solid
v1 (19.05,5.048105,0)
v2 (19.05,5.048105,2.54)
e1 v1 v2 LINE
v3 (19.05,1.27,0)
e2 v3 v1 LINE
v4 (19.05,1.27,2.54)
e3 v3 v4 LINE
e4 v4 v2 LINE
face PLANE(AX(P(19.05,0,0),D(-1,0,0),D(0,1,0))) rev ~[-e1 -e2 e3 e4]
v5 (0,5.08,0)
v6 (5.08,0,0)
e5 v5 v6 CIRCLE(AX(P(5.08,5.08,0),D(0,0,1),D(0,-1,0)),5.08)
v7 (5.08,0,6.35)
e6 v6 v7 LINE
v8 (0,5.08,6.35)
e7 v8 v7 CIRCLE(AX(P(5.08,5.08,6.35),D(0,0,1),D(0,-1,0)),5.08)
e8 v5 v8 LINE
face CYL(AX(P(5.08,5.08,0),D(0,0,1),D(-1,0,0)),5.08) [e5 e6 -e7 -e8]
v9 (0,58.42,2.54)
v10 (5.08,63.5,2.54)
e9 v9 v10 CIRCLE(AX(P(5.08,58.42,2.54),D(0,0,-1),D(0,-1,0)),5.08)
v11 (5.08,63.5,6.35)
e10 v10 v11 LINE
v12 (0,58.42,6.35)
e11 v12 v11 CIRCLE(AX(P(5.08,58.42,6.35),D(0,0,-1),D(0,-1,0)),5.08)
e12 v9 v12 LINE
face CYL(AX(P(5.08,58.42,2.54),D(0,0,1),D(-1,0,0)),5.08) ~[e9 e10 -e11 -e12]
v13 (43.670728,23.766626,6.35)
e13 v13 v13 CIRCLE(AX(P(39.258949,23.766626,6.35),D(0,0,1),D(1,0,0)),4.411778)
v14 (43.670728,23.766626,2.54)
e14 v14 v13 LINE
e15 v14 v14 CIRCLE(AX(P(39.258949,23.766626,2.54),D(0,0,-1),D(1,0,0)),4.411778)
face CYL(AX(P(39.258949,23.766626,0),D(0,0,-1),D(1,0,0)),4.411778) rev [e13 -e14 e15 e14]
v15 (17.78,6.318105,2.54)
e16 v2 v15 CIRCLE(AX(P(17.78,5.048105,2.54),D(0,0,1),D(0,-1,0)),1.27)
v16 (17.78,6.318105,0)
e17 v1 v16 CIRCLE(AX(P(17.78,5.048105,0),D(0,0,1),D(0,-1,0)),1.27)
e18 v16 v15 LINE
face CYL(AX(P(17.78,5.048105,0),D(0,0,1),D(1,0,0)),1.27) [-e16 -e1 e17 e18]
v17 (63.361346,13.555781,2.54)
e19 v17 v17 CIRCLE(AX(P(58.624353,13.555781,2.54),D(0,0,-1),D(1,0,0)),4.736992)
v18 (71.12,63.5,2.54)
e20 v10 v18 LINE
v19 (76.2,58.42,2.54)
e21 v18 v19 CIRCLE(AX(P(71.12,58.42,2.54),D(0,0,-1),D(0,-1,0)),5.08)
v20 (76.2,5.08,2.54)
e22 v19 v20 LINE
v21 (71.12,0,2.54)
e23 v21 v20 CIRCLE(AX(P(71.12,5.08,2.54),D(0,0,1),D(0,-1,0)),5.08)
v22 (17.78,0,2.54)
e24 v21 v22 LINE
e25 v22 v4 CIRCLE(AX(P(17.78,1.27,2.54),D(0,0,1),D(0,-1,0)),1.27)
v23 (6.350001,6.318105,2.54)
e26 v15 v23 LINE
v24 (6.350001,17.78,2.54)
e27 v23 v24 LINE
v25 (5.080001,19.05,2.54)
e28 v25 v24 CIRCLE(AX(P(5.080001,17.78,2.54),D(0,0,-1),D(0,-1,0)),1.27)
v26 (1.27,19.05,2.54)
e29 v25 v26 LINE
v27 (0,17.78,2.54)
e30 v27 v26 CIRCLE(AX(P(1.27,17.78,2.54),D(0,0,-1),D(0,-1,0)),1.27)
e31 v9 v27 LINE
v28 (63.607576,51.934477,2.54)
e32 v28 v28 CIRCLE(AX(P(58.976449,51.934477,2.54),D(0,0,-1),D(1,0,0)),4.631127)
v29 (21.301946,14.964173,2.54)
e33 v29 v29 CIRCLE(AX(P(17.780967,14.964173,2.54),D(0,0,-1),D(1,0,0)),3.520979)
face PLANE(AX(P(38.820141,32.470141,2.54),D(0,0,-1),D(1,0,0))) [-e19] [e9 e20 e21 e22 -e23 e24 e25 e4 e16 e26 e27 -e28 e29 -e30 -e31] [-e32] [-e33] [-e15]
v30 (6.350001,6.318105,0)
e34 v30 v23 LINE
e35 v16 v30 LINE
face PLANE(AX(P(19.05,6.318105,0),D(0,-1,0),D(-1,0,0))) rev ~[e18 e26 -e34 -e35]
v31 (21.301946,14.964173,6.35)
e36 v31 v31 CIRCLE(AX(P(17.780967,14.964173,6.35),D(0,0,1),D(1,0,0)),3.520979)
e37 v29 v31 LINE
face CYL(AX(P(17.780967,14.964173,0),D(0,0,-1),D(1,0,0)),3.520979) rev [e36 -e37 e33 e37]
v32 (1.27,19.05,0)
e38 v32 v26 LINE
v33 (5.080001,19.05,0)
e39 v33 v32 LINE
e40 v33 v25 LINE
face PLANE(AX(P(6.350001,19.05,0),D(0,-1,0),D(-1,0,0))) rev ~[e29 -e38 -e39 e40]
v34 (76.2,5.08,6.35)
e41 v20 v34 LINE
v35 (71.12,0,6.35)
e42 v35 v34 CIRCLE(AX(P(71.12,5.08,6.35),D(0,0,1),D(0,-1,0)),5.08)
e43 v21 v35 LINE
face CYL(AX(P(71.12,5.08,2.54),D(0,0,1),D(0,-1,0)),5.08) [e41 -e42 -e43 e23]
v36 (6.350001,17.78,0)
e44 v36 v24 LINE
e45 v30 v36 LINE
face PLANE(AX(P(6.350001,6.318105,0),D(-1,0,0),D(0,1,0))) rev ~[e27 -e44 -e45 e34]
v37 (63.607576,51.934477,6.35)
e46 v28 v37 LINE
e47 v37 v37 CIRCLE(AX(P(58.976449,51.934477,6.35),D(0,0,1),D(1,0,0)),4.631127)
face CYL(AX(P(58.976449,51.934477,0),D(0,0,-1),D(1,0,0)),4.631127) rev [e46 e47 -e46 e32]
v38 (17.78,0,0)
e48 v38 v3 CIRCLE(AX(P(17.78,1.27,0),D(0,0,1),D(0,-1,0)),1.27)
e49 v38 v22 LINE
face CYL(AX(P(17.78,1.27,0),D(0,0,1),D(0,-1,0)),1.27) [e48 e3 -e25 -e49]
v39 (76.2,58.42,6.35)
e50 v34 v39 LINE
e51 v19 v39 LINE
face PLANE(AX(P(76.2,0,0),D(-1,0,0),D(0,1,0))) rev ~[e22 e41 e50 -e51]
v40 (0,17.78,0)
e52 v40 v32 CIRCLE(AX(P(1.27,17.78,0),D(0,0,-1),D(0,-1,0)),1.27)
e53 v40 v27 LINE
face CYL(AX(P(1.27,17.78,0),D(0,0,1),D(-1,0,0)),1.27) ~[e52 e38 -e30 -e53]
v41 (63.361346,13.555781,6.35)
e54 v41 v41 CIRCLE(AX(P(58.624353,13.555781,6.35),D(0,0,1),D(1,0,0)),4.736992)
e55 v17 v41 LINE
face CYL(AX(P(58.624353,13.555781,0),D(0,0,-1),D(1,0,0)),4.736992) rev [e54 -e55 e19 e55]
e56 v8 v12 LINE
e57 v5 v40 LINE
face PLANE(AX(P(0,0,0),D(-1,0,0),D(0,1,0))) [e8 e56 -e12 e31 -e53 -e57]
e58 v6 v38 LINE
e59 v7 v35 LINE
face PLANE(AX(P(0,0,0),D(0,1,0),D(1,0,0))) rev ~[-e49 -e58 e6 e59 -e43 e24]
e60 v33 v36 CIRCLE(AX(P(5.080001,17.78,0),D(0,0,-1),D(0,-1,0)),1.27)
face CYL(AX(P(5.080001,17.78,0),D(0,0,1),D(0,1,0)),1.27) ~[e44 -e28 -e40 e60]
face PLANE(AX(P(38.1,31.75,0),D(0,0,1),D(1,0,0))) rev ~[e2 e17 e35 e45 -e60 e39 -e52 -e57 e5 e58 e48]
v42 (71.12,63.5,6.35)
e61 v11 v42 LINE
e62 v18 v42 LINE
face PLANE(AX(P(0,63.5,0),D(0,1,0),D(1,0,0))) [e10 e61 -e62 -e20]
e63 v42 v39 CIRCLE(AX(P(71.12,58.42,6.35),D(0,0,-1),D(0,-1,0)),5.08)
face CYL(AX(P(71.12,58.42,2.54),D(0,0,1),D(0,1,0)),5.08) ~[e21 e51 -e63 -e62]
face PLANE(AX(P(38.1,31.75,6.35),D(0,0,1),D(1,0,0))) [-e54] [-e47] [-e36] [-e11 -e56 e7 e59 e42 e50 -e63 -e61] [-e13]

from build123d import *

# Parameters (mm, degrees)
F0_W     = 76.2
F0_H     = 63.5
F0_R     = 3.5209789872
F0_R_2   = 4.7369922421
F0_R_3   = 4.4117780633
F0_R_4   = 4.6311273859
F1_DEPTH = 6.35
F3_DEPTH = 2.54
F4_R     = 5.08
F5_R     = 1.27


with BuildPart() as f1:
    # F0 (on Top) → F1 (new body)
    with BuildSketch(Plane.XY):
        with Locations((38.1, 31.75)):
            Rectangle(F0_W, F0_H)
        with Locations((17.7809670568, 14.9641726166)):
            Circle(F0_R, mode=Mode.SUBTRACT)
        with Locations((58.6243532598, 13.5557809845)):
            Circle(F0_R_2, mode=Mode.SUBTRACT)
        with Locations((39.2589494586, 23.7666256726)):
            Circle(F0_R_3, mode=Mode.SUBTRACT)
        with Locations((58.9764490724, 51.9344769418)):
            Circle(F0_R_4, mode=Mode.SUBTRACT)
    extrude(amount=F1_DEPTH)

    # F2 (on face) → F3 (cut)
    with BuildSketch(Plane(origin=(0, 0, 0), x_dir=(1, 0, 0), z_dir=(0, 0, -1))):
        Polygon((19.05, -6.3181049854), (6.3500011563, -6.3181049854), (6.3500011563, -19.05), (0, -19.05), (0, -63.5), (76.2, -63.5), (76.2, 0), (19.05, 0), align=None)
    extrude(amount=-F3_DEPTH, mode=Mode.SUBTRACT)

    # F4
    f4_edges = [f1.edges().sort_by_distance(p)[0] for p in [
        (0, 63.5, 4.445),
        (76.2, 63.5, 4.445),
        (76.2, 0, 4.445),
        (0, 0, 3.175),
    ]]
    fillet(f4_edges, radius=F4_R)

    # F5
    f5_edges = [f1.edges().sort_by_distance(p)[0] for p in [
        (6.350001, 19.05, 1.27),
        (19.05, 6.318105, 1.27),
        (0, 19.05, 1.27),
        (19.05, 0, 1.27),
    ]]
    fillet(f5_edges, radius=F5_R)


solid = f1.part
